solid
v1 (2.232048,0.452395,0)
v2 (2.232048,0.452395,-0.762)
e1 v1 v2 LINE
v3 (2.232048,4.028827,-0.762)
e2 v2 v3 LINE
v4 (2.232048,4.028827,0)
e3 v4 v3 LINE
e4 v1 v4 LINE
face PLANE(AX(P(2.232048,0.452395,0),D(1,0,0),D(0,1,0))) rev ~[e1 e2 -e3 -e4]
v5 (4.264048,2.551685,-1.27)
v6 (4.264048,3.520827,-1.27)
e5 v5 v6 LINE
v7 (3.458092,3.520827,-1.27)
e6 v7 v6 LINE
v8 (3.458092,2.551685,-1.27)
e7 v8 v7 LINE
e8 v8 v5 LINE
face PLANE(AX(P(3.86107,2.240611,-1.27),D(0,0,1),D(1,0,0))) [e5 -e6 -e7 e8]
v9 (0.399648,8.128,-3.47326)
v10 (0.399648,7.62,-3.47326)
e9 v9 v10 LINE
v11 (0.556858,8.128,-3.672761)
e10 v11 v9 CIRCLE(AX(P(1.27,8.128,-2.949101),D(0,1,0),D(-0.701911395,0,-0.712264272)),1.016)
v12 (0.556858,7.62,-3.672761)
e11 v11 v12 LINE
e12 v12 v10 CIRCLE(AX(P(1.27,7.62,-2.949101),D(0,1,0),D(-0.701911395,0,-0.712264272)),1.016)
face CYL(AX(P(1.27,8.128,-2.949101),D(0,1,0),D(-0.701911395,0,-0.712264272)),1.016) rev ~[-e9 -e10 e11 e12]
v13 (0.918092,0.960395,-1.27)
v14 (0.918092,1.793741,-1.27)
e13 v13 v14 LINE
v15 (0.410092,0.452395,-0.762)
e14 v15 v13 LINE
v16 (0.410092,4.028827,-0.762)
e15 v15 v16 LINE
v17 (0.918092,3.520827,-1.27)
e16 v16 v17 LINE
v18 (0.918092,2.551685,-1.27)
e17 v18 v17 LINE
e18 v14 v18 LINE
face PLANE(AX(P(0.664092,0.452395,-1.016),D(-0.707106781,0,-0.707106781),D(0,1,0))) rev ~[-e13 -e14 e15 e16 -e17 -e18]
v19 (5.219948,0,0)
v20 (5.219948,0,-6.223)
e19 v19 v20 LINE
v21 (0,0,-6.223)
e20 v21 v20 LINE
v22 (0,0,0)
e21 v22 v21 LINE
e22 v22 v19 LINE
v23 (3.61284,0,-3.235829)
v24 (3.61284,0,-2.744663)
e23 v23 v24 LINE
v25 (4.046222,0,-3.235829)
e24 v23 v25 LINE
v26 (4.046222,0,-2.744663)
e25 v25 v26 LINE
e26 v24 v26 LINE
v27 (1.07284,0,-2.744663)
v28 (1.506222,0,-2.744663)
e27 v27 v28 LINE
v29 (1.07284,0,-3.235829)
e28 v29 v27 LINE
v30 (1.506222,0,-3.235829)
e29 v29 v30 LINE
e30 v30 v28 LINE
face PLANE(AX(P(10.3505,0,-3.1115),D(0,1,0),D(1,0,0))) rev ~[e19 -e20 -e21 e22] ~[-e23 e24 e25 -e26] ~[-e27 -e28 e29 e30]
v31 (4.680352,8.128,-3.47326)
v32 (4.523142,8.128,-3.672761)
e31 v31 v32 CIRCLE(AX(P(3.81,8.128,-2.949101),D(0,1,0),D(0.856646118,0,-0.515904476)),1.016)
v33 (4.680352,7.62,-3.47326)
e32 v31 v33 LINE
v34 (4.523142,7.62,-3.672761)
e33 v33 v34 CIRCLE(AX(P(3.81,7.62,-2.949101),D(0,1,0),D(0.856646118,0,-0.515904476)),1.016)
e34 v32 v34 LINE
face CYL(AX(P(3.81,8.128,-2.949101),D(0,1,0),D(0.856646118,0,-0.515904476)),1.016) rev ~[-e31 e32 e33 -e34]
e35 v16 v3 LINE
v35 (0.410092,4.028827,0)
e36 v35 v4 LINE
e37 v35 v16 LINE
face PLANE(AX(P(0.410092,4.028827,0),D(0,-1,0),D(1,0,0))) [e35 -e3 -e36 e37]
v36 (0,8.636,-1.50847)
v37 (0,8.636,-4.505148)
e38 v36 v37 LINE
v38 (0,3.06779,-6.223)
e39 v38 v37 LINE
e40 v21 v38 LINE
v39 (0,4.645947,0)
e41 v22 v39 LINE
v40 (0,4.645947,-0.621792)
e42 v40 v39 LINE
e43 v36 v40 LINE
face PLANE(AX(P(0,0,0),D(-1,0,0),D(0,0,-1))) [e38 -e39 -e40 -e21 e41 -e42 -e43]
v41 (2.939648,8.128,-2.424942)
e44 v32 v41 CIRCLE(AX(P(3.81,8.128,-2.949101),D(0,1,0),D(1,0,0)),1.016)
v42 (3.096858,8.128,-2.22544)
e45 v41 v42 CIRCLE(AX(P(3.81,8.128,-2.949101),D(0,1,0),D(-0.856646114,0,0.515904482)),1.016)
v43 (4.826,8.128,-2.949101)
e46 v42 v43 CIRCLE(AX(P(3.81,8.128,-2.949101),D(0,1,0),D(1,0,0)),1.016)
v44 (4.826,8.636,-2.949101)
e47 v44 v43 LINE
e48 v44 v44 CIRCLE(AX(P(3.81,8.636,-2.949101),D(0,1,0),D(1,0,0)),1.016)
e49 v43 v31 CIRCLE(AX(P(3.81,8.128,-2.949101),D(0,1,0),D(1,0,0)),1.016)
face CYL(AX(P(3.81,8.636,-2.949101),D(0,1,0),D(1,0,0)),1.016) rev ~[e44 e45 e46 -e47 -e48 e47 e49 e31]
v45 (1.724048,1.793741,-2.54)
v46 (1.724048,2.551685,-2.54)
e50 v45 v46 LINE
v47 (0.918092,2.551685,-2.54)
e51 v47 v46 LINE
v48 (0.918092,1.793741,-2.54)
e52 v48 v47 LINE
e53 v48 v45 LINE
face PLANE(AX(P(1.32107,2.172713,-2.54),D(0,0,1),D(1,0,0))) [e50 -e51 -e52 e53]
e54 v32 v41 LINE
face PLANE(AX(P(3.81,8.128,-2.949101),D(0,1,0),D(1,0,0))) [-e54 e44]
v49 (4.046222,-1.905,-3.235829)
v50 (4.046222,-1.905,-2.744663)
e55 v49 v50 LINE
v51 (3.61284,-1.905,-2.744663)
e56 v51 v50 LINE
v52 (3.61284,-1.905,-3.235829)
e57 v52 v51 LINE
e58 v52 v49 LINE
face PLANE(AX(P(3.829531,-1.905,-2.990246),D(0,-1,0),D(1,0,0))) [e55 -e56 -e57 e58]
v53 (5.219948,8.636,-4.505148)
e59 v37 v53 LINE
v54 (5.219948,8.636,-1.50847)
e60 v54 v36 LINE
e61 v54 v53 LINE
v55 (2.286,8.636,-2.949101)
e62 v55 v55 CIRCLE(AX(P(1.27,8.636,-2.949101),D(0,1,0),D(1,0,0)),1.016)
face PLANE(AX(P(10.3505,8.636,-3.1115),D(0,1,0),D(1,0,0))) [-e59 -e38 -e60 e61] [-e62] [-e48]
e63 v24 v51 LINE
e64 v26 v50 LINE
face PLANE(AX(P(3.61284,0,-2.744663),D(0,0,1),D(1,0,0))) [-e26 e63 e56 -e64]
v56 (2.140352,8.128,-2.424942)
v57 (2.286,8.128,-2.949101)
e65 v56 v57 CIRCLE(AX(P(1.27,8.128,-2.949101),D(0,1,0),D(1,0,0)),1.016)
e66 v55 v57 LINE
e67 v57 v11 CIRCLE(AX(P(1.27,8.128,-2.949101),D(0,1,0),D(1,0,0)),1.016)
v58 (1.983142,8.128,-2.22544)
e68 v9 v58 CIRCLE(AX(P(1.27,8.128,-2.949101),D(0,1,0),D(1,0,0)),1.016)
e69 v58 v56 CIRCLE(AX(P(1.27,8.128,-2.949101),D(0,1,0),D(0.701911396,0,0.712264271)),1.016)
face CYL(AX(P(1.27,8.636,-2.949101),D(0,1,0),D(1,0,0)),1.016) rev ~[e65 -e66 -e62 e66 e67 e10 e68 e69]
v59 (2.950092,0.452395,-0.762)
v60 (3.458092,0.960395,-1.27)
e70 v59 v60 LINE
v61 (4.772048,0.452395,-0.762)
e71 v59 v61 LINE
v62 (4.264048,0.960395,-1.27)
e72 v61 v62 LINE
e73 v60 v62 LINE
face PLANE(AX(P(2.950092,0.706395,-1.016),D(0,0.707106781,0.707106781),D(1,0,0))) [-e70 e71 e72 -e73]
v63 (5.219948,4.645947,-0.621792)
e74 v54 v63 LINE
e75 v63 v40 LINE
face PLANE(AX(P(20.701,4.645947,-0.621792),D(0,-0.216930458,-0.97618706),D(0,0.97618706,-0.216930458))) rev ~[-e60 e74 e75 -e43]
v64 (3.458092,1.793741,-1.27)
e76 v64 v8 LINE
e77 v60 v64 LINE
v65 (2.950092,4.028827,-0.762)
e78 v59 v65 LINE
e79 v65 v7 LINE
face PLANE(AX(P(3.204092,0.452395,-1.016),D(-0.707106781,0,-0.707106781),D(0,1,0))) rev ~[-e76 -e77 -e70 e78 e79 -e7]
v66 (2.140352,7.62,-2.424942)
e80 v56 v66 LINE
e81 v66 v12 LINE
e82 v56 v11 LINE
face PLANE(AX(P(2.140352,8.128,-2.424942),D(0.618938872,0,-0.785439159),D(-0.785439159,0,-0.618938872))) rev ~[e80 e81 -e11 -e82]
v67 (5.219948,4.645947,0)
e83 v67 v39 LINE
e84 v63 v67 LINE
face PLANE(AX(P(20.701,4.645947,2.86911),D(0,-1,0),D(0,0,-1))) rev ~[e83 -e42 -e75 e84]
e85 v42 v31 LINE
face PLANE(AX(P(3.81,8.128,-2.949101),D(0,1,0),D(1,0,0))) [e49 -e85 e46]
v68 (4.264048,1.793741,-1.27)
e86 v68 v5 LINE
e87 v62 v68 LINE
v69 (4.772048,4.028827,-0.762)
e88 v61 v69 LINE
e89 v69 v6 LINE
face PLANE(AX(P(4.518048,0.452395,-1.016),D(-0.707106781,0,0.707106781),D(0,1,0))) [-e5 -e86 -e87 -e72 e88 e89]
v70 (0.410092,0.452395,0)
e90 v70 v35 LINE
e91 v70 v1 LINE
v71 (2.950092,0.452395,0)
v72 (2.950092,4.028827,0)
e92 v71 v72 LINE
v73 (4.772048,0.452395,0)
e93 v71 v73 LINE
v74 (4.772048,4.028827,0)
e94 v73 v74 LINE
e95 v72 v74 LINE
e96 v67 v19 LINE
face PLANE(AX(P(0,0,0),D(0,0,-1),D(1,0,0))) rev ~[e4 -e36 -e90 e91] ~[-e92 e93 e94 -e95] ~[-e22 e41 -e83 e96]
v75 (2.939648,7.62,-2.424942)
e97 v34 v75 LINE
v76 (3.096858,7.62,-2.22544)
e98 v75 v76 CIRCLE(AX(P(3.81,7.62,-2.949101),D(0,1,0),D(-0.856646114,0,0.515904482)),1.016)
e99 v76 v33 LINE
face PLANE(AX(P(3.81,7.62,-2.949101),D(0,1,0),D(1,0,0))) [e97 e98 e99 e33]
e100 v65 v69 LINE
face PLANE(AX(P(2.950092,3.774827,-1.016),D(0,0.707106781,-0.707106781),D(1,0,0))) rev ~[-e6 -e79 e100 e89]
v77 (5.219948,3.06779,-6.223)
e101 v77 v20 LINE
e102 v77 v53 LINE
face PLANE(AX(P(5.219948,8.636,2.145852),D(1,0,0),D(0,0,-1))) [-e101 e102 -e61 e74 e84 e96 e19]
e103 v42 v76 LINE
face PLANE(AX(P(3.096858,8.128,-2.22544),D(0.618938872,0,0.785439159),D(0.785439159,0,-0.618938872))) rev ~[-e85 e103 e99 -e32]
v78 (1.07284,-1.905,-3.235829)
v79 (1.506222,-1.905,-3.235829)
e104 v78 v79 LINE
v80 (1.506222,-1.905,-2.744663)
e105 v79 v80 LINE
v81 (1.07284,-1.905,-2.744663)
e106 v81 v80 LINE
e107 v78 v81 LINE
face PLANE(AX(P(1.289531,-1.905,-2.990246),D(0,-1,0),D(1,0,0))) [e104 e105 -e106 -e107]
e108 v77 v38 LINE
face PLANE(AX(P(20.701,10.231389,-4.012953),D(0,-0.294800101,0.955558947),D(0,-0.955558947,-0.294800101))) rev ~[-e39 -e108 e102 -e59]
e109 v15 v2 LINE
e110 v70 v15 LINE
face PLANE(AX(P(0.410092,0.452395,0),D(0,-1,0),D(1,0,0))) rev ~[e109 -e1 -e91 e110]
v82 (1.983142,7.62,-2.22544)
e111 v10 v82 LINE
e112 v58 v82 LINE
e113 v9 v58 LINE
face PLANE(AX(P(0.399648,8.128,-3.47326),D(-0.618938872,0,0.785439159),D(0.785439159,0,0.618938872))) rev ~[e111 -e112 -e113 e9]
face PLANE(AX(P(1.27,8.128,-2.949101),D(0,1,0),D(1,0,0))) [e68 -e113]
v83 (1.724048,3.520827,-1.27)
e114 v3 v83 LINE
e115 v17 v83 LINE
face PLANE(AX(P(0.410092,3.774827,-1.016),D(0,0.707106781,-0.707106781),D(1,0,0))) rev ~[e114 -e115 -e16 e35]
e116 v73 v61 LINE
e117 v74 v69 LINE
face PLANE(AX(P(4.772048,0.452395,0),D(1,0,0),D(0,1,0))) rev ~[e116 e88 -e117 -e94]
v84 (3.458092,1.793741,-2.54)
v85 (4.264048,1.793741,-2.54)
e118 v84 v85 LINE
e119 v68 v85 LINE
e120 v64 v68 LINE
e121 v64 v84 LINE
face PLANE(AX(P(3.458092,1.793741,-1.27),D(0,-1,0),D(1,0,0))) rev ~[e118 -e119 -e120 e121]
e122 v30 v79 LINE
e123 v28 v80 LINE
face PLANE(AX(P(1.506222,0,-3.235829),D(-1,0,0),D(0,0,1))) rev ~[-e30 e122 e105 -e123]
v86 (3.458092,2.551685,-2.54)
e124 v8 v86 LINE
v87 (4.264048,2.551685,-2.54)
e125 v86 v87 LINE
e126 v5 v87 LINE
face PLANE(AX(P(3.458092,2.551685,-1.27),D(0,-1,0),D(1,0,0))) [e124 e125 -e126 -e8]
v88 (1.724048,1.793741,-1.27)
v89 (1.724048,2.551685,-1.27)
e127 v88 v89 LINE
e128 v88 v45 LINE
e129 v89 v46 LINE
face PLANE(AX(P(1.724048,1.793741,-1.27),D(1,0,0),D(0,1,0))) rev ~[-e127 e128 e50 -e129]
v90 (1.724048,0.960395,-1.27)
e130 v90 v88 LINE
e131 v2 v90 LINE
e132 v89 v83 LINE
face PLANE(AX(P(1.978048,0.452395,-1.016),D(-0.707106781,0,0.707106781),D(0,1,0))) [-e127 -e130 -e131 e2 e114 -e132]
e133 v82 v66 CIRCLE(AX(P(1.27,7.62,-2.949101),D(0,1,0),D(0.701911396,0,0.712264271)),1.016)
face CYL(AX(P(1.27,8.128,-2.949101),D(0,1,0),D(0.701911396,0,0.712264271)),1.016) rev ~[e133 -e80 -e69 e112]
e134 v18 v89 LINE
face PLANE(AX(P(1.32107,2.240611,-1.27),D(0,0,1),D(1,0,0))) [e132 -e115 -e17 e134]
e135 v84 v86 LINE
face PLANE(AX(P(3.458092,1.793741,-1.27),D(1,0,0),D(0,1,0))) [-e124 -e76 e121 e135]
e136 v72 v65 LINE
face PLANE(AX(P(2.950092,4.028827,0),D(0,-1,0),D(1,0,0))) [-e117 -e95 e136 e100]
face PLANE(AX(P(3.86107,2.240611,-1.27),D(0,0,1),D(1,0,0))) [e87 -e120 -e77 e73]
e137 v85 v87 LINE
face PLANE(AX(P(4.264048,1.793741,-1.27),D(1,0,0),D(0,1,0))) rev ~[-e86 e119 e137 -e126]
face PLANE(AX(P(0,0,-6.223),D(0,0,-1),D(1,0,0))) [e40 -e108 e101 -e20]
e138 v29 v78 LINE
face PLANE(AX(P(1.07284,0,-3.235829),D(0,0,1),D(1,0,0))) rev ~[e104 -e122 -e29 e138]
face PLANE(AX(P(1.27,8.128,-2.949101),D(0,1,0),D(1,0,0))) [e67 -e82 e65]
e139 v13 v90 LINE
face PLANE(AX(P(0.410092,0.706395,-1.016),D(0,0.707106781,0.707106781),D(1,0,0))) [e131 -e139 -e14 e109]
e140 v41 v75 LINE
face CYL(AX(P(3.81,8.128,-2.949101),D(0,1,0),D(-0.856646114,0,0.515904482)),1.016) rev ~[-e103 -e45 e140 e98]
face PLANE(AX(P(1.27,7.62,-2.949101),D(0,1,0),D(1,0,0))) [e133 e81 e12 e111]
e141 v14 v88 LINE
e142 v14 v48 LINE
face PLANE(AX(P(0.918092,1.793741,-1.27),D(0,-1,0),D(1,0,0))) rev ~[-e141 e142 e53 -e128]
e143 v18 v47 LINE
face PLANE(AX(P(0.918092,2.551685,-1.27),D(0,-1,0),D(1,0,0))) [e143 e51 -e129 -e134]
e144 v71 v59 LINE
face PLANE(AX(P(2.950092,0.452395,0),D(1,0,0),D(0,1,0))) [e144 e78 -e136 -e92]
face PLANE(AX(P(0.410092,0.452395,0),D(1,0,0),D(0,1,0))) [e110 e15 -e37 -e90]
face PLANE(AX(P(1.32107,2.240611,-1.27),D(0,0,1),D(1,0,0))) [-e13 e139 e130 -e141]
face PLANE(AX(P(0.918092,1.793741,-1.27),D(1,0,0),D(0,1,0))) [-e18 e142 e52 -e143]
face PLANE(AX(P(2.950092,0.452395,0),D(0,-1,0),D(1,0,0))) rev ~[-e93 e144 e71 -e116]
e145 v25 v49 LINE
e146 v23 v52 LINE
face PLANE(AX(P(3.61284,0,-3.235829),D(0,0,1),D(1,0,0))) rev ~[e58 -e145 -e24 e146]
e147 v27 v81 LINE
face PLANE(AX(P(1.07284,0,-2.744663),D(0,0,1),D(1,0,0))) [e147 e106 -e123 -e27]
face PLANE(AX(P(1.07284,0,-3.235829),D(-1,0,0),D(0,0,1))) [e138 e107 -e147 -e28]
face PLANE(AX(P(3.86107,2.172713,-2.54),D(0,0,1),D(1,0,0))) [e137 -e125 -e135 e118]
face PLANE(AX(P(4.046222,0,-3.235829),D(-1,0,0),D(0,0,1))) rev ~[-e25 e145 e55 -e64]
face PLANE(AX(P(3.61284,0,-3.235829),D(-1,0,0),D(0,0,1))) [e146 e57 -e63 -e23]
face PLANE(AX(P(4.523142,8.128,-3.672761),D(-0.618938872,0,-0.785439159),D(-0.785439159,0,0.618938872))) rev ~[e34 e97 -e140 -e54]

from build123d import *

# Parameters (mm, degrees)
SKETCH1_W          = 20.701
SKETCH1_H          = 6.223
EXTRUDE1_DEPTH     = 8.636
CUT_EXTRUDE1_DEPTH = 25.4
CUT_EXTRUDE2_DEPTH = 25.4
SKETCH4_R          = 1.016
CUT_EXTRUDE3_DEPTH = 0.508
CUT_EXTRUDE4_DEPTH = 0.508
SKETCH6_W          = 1.82195604
SKETCH6_H          = 3.576432228
CUT_EXTRUDE5_DEPTH = 1.27
CHAMFER1_SIZE      = 0.508
SKETCH7_W          = 0.80595604
SKETCH7_H          = 0.757943843
CUT_EXTRUDE6_DEPTH = 1.27
SKETCH8_W          = 0.433382436
SKETCH8_H          = 0.491166761
EXTRUDE2_DEPTH     = 1.905
SKETCH9_W          = 13.835725518
SKETCH9_H          = 11.068580414
CUT_EXTRUDE7_DEPTH = 25.4
SKETCH10_W         = 3.388588983
SKETCH10_H         = 10.514703946
CUT_EXTRUDE8_DEPTH = 25.4


with BuildPart() as part:
    # Sketch1 → Extrude1 (new body)
    with BuildSketch(Plane(origin=(0, 0, 0), x_dir=(1, 0, 0), z_dir=(0, 1, 0))):
        with Locations((10.3505, 3.1115)):
            Rectangle(SKETCH1_W, SKETCH1_H)
    extrude(amount=EXTRUDE1_DEPTH)

    # Sketch2 → Cut-Extrude1 (cut)
    with BuildSketch(Plane(origin=(20.701, 0, 0), x_dir=(0, 0, -1), z_dir=(1, 0, 0))):
        Polygon((-2.869110069, 4.645946632), (0.62179162, 4.645946632), (2.217632392, 11.827230107), (-2.869110069, 11.827230107), align=None)
    extrude(amount=-CUT_EXTRUDE1_DEPTH, mode=Mode.SUBTRACT)

    # Sketch3 → Cut-Extrude2 (cut)
    with BuildSketch(Plane(origin=(20.701, 0, 0), x_dir=(0, 0, -1), z_dir=(1, 0, 0))):
        Polygon((4.012953261, 10.231389335), (6.905414661, 0.855824797), (9.199435771, 0.855824797), (9.199435771, 10.231389335), align=None)
    extrude(amount=-CUT_EXTRUDE2_DEPTH, mode=Mode.SUBTRACT)

    # Sketch4 → Cut-Extrude3 (cut)
    with BuildSketch(Plane(origin=(0, 8.636, 0), x_dir=(1, 0, 0), z_dir=(0, 1, 0))):
        with Locations((1.27, 2.949100672)):
            Circle(SKETCH4_R)
        with Locations((3.81, 2.949100672)):
            Circle(SKETCH4_R)
        with Locations((6.35, 2.949100672)):
            Circle(SKETCH4_R)
        with Locations((8.89, 2.949100672)):
            Circle(SKETCH4_R)
        with Locations((11.43, 2.949100672)):
            Circle(SKETCH4_R)
        with Locations((13.97, 2.949100672)):
            Circle(SKETCH4_R)
        with Locations((16.51, 2.949100672)):
            Circle(SKETCH4_R)
        with Locations((19.05, 2.949100672)):
            Circle(SKETCH4_R)
    extrude(amount=-CUT_EXTRUDE3_DEPTH, mode=Mode.SUBTRACT)

    # Sketch5 → Cut-Extrude4 (cut)
    with BuildSketch(Plane(origin=(0, 8.128, 0), x_dir=(1, 0, 0), z_dir=(0, 1, 0))):
        with BuildLine():
            ThreePointArc((0.55685802, 3.67276117), (0.471993814, 3.577942566), (0.399647546, 3.473259623))
            Line((0.399647546, 3.473259623), (1.98314198, 2.225440174))
            ThreePointArc((1.98314198, 2.225440174), (2.068006186, 2.320258778), (2.140352454, 2.42494172))
            Line((2.140352454, 2.42494172), (0.55685802, 3.67276117))
        make_face()
        with BuildLine():
            ThreePointArc((2.939647546, 2.42494172), (3.011993814, 2.320258778), (3.09685802, 2.225440174))
            Line((3.09685802, 2.225440174), (4.680352454, 3.473259623))
            ThreePointArc((4.680352454, 3.473259623), (4.608006186, 3.577942566), (4.52314198, 3.67276117))
            Line((4.52314198, 3.67276117), (2.939647546, 2.42494172))
        make_face()
        with BuildLine():
            ThreePointArc((5.34196875, 3.076100672), (5.334, 2.949100672), (5.34196875, 2.822100672))
            Line((5.34196875, 2.822100672), (7.35803125, 2.822100672))
            ThreePointArc((7.35803125, 2.822100672), (7.364005855, 2.885475793), (7.366, 2.949100672))
            ThreePointArc((7.366, 2.949100672), (7.364005855, 3.012725551), (7.35803125, 3.076100672))
            Line((7.35803125, 3.076100672), (5.34196875, 3.076100672))
        make_face()
        with BuildLine():
            ThreePointArc((8.458529789, 2.041483422), (8.576688012, 1.994233554), (8.699870069, 1.9622946))
            Line((8.699870069, 1.9622946), (9.321470211, 3.856717921))
            ThreePointArc((9.321470211, 3.856717921), (9.203311988, 3.90396779), (9.080129931, 3.935906744))
            Line((9.080129931, 3.935906744), (8.458529789, 2.041483422))
        make_face()
        with BuildLine():
            ThreePointArc((11.557, 3.957131921), (11.43, 3.965100672), (11.303, 3.957131921))
            Line((11.303, 3.957131921), (11.303, 1.941069422))
            ThreePointArc((11.303, 1.941069422), (11.43, 1.933100672), (11.557, 1.941069422))
            Line((11.557, 1.941069422), (11.557, 3.957131921))
        make_face()
        with BuildLine():
            ThreePointArc((13.060727808, 3.402399778), (13.011197076, 3.285185412), (12.976706622, 3.162699047))
            Line((12.976706622, 3.162699047), (14.879272192, 2.495801565))
            ThreePointArc((14.879272192, 2.495801565), (14.928802924, 2.613015931), (14.963293378, 2.735502296))
            Line((14.963293378, 2.735502296), (13.060727808, 3.402399778))
        make_face()
        with BuildLine():
            ThreePointArc((16.944941036, 3.867295801), (16.826755289, 3.914461789), (16.703600756, 3.946484624))
            Line((16.703600756, 3.946484624), (16.075058964, 2.030905542))
            ThreePointArc((16.075058964, 2.030905542), (16.193244711, 1.983739555), (16.316399244, 1.95171672))
            Line((16.316399244, 1.95171672), (16.944941036, 3.867295801))
        make_face()
        with BuildLine():
            ThreePointArc((18.349819557, 3.662547267), (18.264852019, 3.567810091), (18.192609083, 3.463045721))
            Line((18.192609083, 3.463045721), (19.750180443, 2.235654077))
            ThreePointArc((19.750180443, 2.235654077), (19.835147981, 2.330391253), (19.907390917, 2.435155623))
            Line((19.907390917, 2.435155623), (18.349819557, 3.662547267))
        make_face()
    extrude(amount=-CUT_EXTRUDE4_DEPTH, mode=Mode.SUBTRACT)

    # Sketch6 → Cut-Extrude5 (cut)
    with BuildSketch(Plane.XY):
        with Locations((3.861070401, 2.24061075)):
            Rectangle(SKETCH6_W, SKETCH6_H)
        with Locations((1.321070401, 2.24061075)):
            Rectangle(SKETCH6_W, SKETCH6_H)
        with Locations((6.401070401, 2.24061075)):
            Rectangle(SKETCH6_W, SKETCH6_H)
        with Locations((8.941070401, 2.24061075)):
            Rectangle(SKETCH6_W, SKETCH6_H)
        with Locations((11.481070401, 2.24061075)):
            Rectangle(SKETCH6_W, SKETCH6_H)
        with Locations((14.021070401, 2.24061075)):
            Rectangle(SKETCH6_W, SKETCH6_H)
        with Locations((16.561070401, 2.24061075)):
            Rectangle(SKETCH6_W, SKETCH6_H)
        with Locations((19.101070401, 2.24061075)):
            Rectangle(SKETCH6_W, SKETCH6_H)
    extrude(amount=-CUT_EXTRUDE5_DEPTH, mode=Mode.SUBTRACT)

    # Chamfer1
    chamfer1_edges = [part.edges().sort_by_distance(p)[0] for p in [
        (0.410092381, 2.24061075, -1.27),
        (1.321070401, 4.028826864, -1.27),
        (2.232048421, 2.24061075, -1.27),
        (1.321070401, 0.452394636, -1.27),
        (3.861070401, 4.028826864, -1.27),
        (4.772048421, 2.24061075, -1.27),
        (3.861070401, 0.452394636, -1.27),
        (2.950092381, 2.24061075, -1.27),
        (6.401070401, 4.028826864, -1.27),
        (7.312048421, 2.24061075, -1.27),
        (6.401070401, 0.452394636, -1.27),
        (5.490092381, 2.24061075, -1.27),
        (8.941070401, 4.028826864, -1.27),
        (9.852048421, 2.24061075, -1.27),
        (8.941070401, 0.452394636, -1.27),
        (8.030092381, 2.24061075, -1.27),
        (11.481070401, 4.028826864, -1.27),
        (12.392048421, 2.24061075, -1.27),
        (11.481070401, 0.452394636, -1.27),
        (10.570092381, 2.24061075, -1.27),
        (14.021070401, 4.028826864, -1.27),
        (14.932048421, 2.24061075, -1.27),
        (14.021070401, 0.452394636, -1.27),
        (13.110092381, 2.24061075, -1.27),
        (16.561070401, 4.028826864, -1.27),
        (17.472048421, 2.24061075, -1.27),
        (16.561070401, 0.452394636, -1.27),
        (15.650092381, 2.24061075, -1.27),
        (19.101070401, 4.028826864, -1.27),
        (20.012048421, 2.24061075, -1.27),
        (19.101070401, 0.452394636, -1.27),
        (18.190092381, 2.24061075, -1.27),
    ]]
    chamfer(chamfer1_edges, length=CHAMFER1_SIZE)

    # Sketch7 → Cut-Extrude6 (cut)
    with BuildSketch(Plane.XY.offset(-1.27)):
        with Locations((1.321070401, 2.17271271)):
            Rectangle(SKETCH7_W, SKETCH7_H)
        with Locations((3.861070401, 2.17271271)):
            Rectangle(SKETCH7_W, SKETCH7_H)
        with Locations((6.401070401, 2.17271271)):
            Rectangle(SKETCH7_W, SKETCH7_H)
        with Locations((8.941070401, 2.17271271)):
            Rectangle(SKETCH7_W, SKETCH7_H)
        with Locations((11.481070401, 2.17271271)):
            Rectangle(SKETCH7_W, SKETCH7_H)
        with Locations((14.021070401, 2.17271271)):
            Rectangle(SKETCH7_W, SKETCH7_H)
        with Locations((16.561070401, 2.17271271)):
            Rectangle(SKETCH7_W, SKETCH7_H)
        with Locations((19.101070401, 2.17271271)):
            Rectangle(SKETCH7_W, SKETCH7_H)
    extrude(amount=-CUT_EXTRUDE6_DEPTH, mode=Mode.SUBTRACT)

    # Sketch8 → Extrude2 (add)
    with BuildSketch(Plane.XZ):
        with Locations((3.829530977, -2.990246105)):
            Rectangle(SKETCH8_W, SKETCH8_H)
        with Locations((1.289530977, -2.990246105)):
            Rectangle(SKETCH8_W, SKETCH8_H)
        with Locations((6.369530977, -2.990246105)):
            Rectangle(SKETCH8_W, SKETCH8_H)
        with Locations((8.909530977, -2.990246105)):
            Rectangle(SKETCH8_W, SKETCH8_H)
        with Locations((11.449530977, -2.990246105)):
            Rectangle(SKETCH8_W, SKETCH8_H)
        with Locations((13.989530977, -2.990246105)):
            Rectangle(SKETCH8_W, SKETCH8_H)
        with Locations((16.529530977, -2.990246105)):
            Rectangle(SKETCH8_W, SKETCH8_H)
        with Locations((19.069530977, -2.990246105)):
            Rectangle(SKETCH8_W, SKETCH8_H)
    extrude(amount=EXTRUDE2_DEPTH)

    # Sketch9 → Cut-Extrude7 (cut)
    with BuildSketch(Plane(origin=(0, 8.636, 0), x_dir=(1, 0, 0), z_dir=(0, 1, 0))):
        with Locations((14.474610491, 2.472928053)):
            Rectangle(SKETCH9_W, SKETCH9_H)
    extrude(amount=-CUT_EXTRUDE7_DEPTH, mode=Mode.SUBTRACT)

    # Sketch10 → Cut-Extrude8 (cut)
    with BuildSketch(Plane(origin=(0, 8.636, 0), x_dir=(1, 0, 0), z_dir=(0, 1, 0))):
        with Locations((6.914242224, 3.1115)):
            Rectangle(SKETCH10_W, SKETCH10_H)
    extrude(amount=-CUT_EXTRUDE8_DEPTH, mode=Mode.SUBTRACT)


solid = part.part
